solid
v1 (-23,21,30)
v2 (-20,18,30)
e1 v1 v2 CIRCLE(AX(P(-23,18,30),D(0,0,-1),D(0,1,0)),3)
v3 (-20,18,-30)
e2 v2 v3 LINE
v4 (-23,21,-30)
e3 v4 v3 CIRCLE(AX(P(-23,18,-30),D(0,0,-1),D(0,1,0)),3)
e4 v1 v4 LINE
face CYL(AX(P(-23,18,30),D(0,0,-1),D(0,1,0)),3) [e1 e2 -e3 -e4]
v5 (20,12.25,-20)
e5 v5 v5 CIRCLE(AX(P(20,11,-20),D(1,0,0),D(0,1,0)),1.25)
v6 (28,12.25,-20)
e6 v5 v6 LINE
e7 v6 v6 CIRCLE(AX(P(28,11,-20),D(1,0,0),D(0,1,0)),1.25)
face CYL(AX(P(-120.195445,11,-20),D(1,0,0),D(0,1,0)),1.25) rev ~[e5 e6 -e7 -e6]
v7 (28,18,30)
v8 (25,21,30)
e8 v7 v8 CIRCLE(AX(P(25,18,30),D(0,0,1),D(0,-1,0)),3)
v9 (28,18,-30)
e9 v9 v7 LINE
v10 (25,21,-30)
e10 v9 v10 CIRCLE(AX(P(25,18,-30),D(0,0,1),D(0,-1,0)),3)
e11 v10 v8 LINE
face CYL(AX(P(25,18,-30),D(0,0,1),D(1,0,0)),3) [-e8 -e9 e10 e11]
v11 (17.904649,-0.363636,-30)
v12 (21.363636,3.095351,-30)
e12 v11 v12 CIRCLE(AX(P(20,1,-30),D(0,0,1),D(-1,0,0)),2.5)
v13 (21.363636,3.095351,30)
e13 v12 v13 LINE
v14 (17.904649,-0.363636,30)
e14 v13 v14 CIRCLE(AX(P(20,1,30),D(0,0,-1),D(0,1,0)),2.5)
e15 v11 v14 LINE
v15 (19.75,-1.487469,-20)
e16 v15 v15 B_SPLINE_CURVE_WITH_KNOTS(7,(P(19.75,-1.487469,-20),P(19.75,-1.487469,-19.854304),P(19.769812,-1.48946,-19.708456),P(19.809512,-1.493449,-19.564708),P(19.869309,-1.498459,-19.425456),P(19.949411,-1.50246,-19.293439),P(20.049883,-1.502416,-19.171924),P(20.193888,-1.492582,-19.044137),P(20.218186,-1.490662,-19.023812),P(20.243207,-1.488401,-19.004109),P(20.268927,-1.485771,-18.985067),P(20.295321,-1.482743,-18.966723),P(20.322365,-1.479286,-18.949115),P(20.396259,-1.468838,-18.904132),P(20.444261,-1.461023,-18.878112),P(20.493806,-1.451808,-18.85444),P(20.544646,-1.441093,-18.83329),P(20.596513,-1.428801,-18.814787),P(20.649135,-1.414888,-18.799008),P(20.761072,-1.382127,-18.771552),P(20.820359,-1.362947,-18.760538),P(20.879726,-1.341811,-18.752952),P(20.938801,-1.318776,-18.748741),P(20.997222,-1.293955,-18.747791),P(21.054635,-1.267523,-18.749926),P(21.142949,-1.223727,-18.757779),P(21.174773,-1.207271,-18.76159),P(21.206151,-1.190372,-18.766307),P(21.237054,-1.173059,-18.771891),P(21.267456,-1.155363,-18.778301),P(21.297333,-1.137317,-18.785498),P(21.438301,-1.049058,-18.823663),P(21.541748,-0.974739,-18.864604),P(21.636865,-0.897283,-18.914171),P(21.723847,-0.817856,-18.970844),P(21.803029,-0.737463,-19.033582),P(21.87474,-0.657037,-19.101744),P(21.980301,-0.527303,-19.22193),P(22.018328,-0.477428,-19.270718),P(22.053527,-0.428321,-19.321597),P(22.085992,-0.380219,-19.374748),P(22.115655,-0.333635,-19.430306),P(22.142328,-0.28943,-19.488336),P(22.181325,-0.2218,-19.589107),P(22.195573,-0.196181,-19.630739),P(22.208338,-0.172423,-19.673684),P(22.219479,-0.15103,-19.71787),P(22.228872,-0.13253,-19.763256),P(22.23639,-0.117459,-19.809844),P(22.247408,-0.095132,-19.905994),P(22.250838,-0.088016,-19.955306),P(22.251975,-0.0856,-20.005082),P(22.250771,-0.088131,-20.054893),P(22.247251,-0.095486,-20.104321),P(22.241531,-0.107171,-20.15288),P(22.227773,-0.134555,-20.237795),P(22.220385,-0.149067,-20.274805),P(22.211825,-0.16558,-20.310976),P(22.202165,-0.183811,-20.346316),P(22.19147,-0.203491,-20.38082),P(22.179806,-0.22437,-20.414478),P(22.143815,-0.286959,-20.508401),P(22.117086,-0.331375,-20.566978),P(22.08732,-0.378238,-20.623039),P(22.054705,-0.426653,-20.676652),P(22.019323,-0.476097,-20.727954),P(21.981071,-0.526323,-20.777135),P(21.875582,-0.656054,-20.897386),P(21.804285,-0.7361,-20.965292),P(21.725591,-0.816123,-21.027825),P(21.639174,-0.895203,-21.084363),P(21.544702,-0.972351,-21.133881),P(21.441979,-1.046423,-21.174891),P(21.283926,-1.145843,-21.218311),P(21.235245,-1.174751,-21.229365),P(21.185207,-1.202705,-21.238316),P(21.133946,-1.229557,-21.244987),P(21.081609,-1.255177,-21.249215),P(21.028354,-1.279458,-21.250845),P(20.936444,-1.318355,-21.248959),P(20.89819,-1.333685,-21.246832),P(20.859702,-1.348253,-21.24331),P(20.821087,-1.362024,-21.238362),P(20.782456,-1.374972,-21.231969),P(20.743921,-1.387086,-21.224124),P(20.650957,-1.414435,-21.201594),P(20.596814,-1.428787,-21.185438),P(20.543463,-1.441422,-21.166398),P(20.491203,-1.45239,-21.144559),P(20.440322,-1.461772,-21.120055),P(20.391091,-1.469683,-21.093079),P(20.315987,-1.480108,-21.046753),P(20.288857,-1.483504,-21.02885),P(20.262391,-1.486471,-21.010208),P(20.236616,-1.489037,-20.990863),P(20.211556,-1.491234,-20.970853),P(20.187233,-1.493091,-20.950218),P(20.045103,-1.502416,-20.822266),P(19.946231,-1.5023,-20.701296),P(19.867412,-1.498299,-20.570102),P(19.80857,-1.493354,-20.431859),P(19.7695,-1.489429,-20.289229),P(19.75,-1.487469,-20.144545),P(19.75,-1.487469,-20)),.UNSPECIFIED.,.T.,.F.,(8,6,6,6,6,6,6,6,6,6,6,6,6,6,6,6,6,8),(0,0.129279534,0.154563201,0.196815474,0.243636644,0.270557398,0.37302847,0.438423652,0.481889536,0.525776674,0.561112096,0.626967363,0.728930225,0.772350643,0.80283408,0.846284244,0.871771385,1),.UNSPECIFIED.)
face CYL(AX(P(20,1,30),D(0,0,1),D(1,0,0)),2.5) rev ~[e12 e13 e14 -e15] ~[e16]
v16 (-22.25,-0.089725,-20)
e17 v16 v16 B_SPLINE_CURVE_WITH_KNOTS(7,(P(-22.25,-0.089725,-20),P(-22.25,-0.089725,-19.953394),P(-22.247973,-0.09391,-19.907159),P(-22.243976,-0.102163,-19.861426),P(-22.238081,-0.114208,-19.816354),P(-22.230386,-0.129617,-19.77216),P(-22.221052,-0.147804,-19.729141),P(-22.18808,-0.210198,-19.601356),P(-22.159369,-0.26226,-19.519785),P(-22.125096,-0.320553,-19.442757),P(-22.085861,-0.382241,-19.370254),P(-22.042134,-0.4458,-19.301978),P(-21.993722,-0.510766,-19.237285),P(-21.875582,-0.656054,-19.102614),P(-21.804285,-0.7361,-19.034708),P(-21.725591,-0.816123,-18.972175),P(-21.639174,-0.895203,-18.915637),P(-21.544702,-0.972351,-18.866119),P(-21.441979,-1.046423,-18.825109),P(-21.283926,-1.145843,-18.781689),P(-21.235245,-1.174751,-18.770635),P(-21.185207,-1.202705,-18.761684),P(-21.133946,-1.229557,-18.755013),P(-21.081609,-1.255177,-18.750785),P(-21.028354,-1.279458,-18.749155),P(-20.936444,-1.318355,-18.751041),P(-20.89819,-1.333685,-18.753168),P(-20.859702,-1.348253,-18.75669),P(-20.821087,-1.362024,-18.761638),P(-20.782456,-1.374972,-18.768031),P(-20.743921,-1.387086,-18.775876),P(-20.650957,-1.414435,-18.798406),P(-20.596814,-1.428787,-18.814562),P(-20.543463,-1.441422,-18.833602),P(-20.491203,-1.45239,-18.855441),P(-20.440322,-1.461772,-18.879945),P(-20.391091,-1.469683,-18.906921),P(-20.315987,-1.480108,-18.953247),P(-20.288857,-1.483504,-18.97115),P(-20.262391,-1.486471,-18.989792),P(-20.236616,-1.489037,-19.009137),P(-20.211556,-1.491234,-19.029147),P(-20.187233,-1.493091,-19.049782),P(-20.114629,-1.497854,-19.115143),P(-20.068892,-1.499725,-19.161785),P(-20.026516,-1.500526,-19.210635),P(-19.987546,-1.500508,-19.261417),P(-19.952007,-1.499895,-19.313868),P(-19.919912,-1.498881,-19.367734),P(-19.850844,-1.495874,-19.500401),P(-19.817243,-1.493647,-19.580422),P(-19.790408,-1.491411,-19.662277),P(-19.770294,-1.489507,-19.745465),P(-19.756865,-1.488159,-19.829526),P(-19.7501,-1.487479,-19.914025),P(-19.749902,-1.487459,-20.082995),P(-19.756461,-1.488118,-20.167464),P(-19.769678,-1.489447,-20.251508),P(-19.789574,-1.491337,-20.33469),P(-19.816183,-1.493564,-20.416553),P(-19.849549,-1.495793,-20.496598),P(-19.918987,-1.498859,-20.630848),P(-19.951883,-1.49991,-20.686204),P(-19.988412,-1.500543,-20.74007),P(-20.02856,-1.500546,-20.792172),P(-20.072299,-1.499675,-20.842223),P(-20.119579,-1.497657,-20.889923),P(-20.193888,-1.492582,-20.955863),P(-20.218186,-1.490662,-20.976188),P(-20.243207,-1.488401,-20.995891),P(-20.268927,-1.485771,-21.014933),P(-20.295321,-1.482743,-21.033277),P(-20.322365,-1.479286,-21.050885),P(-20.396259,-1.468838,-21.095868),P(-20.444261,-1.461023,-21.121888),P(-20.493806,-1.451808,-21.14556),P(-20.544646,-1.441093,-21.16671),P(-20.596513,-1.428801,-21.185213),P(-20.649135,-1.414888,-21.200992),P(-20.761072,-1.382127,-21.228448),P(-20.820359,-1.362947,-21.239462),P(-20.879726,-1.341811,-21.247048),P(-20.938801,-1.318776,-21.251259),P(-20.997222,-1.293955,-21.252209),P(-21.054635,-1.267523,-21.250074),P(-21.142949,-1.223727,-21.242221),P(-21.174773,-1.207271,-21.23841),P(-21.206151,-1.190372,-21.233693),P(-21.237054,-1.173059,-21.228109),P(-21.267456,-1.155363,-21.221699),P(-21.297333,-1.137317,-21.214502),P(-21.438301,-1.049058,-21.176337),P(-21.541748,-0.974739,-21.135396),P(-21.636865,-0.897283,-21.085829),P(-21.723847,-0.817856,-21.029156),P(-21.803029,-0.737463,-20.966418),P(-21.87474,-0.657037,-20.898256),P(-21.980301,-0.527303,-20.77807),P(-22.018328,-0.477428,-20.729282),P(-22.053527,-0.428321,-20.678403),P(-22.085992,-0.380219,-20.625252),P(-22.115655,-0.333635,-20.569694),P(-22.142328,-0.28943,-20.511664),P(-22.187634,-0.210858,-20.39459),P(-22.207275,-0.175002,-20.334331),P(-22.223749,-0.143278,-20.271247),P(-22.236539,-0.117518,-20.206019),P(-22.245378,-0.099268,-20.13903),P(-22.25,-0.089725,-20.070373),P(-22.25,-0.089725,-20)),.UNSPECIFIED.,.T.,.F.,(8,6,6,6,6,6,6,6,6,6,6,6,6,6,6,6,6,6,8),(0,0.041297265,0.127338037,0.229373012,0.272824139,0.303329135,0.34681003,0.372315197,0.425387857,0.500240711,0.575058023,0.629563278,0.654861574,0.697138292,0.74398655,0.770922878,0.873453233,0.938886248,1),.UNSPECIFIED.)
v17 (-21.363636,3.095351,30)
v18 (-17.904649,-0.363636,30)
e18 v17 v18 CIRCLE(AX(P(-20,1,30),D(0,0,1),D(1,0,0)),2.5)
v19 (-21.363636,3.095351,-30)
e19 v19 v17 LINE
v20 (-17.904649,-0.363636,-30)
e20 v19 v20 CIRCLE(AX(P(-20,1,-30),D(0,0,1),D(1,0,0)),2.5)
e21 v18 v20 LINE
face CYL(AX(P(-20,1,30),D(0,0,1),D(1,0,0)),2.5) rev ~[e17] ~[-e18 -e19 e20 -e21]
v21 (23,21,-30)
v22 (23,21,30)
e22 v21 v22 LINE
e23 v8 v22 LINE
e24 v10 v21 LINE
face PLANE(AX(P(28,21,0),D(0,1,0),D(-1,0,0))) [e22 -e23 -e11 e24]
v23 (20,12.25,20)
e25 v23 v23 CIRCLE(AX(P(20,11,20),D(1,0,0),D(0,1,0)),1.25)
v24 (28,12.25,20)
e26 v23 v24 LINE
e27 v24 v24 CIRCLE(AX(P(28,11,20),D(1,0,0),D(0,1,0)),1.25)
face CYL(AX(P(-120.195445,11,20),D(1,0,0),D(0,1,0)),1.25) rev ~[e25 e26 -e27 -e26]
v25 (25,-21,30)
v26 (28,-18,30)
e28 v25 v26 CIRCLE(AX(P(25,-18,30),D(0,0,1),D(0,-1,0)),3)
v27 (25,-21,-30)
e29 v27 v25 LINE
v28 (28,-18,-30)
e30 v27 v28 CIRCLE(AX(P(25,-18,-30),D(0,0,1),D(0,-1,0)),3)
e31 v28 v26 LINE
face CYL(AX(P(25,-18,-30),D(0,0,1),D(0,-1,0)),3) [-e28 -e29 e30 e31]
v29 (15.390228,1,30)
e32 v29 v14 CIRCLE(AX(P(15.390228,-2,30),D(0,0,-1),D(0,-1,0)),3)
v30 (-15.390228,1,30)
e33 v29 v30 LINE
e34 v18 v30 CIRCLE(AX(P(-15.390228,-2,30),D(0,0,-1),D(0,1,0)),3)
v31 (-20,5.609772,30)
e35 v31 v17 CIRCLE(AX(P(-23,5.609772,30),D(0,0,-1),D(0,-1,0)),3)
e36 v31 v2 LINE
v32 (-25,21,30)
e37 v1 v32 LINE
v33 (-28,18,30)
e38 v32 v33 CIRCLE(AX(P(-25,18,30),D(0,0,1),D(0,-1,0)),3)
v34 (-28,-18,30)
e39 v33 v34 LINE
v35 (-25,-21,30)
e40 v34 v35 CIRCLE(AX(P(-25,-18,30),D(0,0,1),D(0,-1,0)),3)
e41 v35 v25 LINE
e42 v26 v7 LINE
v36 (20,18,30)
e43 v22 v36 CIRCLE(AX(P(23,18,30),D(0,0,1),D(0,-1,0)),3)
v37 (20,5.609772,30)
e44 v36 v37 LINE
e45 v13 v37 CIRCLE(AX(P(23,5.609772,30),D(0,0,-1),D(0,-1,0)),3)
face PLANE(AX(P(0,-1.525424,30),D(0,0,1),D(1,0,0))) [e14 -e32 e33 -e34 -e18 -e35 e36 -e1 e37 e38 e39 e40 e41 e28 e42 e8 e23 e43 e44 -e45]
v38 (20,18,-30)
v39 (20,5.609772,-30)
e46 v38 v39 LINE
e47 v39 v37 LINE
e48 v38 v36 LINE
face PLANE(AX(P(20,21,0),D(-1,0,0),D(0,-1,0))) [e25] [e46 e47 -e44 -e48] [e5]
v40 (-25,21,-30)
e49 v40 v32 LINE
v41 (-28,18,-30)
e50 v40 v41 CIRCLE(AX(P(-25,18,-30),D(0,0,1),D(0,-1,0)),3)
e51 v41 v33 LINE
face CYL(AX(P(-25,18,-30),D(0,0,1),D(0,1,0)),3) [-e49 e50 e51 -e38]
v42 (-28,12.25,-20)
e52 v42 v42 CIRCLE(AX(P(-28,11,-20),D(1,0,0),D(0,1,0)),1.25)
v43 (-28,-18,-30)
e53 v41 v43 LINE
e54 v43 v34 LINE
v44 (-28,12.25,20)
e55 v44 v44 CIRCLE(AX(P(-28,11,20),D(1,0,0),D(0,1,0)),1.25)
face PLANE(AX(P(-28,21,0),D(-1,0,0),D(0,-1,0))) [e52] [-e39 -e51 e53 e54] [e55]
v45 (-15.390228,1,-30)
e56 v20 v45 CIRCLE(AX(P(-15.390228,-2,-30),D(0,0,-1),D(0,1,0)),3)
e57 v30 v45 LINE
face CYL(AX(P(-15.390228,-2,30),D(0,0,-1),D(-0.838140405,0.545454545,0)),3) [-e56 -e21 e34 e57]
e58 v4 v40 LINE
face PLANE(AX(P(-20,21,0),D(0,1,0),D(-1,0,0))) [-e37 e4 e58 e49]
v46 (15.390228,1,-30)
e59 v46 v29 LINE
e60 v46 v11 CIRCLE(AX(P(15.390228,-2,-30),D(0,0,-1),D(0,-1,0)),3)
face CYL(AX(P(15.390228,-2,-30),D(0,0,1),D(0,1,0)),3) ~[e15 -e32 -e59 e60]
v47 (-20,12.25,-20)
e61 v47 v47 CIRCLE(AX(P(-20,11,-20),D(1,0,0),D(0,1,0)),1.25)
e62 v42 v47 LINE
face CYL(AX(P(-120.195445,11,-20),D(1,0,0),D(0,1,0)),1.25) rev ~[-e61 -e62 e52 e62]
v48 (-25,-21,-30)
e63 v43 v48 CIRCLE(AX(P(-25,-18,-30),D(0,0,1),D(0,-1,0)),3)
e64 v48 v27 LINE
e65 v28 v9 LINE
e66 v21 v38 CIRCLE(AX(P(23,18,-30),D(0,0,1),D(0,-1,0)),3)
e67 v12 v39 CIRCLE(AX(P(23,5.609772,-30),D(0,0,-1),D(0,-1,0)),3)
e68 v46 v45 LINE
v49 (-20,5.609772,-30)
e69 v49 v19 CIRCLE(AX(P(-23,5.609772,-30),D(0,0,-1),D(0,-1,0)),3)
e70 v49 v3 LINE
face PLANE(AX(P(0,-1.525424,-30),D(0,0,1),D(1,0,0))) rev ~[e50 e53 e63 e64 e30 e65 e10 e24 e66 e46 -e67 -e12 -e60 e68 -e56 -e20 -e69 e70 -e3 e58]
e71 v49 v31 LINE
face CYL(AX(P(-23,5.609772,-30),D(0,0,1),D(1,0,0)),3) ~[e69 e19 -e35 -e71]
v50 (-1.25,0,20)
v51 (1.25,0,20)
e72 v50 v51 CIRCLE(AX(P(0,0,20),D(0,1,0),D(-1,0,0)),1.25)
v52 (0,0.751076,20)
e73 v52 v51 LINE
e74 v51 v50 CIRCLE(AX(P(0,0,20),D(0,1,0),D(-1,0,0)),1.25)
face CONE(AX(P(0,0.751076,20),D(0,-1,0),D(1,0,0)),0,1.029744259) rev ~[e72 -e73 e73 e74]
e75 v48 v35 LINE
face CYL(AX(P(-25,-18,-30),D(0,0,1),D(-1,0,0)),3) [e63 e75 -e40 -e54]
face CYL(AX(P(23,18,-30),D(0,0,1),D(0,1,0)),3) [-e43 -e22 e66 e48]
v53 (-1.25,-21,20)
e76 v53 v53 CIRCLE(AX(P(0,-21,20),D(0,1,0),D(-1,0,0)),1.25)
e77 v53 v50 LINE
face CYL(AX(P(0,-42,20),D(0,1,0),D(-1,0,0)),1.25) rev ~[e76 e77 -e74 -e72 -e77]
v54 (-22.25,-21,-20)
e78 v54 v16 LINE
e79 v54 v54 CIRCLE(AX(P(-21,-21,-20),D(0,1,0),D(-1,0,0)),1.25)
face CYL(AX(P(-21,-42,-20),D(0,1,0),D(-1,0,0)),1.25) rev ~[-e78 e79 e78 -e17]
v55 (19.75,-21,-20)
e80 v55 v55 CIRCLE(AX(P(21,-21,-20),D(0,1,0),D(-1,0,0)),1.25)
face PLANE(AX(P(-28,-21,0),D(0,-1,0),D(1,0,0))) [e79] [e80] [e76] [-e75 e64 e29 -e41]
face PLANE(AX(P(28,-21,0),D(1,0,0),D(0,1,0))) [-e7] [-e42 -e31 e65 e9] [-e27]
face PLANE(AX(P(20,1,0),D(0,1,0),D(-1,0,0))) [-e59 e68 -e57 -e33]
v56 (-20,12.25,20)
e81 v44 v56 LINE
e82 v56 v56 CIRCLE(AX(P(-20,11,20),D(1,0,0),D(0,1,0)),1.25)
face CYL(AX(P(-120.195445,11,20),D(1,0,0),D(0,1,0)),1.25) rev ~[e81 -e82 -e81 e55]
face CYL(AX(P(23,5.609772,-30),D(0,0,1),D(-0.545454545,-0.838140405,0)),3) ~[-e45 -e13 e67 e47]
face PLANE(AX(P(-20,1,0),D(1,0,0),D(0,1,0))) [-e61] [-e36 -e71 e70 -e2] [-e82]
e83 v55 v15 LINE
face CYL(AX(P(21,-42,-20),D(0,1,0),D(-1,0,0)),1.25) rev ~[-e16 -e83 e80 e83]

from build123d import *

# Parameters (mm, degrees)
F1_DEPTH = 30
F3_D     = 2.5
F5_D     = 2.5
F5_DEPTH = 21
F5_TIP   = 0.7510757738
F6_R     = 3
F7_R     = 2.5
F8_DEPTH = 60.001
F9_R     = 3


with BuildPart() as f1:
    # F0 (on Top) → F1 (new body, symmetric)
    with BuildSketch(Plane.XY):
        Polygon((-20, 21), (-28, 21), (-28, -21), (28, -21), (28, 21), (20, 21), (20, 1), (-20, 1), align=None)
    extrude(amount=F1_DEPTH, both=True)

    # F3 (through all)
    with Locations(Plane(origin=(-28, 0, 0), x_dir=(0, -1, 0), z_dir=(-1, 0, 0))):
        with Locations((-11, 20), (-11, -20)):
            Hole(F3_D / 2)

    # F5
    with Locations(Plane.XZ.offset(21)):
        with Locations((0, 20), (-21, -20), (21, -20)):
            Hole(F5_D / 2, depth=F5_DEPTH)
            with Locations((0, 0, -(F5_DEPTH + F5_TIP / 2))):  # 118° drill point
                Cone(0, F5_D / 2, F5_TIP, mode=Mode.SUBTRACT)

    # F6
    f6_edges = [f1.edges().sort_by_distance(p)[0] for p in [
        (-28, -21, 0),
        (28, -21, 0),
        (-28, 21, 0),
        (-20, 21, 0),
        (20, 21, 0),
        (28, 21, 0),
    ]]
    fillet(f6_edges, radius=F6_R)

    # F7 (on face) → F8 (cut, through all)
    with BuildSketch(Plane.XY.offset(30)):
        with Locations((-20, 1)):
            Circle(F7_R)
        with Locations((20, 1)):
            Circle(F7_R)
    extrude(amount=-F8_DEPTH, mode=Mode.SUBTRACT)

    # F9
    f9_edges = [f1.edges().sort_by_distance(p)[0] for p in [
        (-17.5, 1, 0),
        (-20, 3.5, 0),
        (17.5, 1, 0),
        (20, 3.5, 0),
    ]]
    fillet(f9_edges, radius=F9_R)


solid = f1.part
